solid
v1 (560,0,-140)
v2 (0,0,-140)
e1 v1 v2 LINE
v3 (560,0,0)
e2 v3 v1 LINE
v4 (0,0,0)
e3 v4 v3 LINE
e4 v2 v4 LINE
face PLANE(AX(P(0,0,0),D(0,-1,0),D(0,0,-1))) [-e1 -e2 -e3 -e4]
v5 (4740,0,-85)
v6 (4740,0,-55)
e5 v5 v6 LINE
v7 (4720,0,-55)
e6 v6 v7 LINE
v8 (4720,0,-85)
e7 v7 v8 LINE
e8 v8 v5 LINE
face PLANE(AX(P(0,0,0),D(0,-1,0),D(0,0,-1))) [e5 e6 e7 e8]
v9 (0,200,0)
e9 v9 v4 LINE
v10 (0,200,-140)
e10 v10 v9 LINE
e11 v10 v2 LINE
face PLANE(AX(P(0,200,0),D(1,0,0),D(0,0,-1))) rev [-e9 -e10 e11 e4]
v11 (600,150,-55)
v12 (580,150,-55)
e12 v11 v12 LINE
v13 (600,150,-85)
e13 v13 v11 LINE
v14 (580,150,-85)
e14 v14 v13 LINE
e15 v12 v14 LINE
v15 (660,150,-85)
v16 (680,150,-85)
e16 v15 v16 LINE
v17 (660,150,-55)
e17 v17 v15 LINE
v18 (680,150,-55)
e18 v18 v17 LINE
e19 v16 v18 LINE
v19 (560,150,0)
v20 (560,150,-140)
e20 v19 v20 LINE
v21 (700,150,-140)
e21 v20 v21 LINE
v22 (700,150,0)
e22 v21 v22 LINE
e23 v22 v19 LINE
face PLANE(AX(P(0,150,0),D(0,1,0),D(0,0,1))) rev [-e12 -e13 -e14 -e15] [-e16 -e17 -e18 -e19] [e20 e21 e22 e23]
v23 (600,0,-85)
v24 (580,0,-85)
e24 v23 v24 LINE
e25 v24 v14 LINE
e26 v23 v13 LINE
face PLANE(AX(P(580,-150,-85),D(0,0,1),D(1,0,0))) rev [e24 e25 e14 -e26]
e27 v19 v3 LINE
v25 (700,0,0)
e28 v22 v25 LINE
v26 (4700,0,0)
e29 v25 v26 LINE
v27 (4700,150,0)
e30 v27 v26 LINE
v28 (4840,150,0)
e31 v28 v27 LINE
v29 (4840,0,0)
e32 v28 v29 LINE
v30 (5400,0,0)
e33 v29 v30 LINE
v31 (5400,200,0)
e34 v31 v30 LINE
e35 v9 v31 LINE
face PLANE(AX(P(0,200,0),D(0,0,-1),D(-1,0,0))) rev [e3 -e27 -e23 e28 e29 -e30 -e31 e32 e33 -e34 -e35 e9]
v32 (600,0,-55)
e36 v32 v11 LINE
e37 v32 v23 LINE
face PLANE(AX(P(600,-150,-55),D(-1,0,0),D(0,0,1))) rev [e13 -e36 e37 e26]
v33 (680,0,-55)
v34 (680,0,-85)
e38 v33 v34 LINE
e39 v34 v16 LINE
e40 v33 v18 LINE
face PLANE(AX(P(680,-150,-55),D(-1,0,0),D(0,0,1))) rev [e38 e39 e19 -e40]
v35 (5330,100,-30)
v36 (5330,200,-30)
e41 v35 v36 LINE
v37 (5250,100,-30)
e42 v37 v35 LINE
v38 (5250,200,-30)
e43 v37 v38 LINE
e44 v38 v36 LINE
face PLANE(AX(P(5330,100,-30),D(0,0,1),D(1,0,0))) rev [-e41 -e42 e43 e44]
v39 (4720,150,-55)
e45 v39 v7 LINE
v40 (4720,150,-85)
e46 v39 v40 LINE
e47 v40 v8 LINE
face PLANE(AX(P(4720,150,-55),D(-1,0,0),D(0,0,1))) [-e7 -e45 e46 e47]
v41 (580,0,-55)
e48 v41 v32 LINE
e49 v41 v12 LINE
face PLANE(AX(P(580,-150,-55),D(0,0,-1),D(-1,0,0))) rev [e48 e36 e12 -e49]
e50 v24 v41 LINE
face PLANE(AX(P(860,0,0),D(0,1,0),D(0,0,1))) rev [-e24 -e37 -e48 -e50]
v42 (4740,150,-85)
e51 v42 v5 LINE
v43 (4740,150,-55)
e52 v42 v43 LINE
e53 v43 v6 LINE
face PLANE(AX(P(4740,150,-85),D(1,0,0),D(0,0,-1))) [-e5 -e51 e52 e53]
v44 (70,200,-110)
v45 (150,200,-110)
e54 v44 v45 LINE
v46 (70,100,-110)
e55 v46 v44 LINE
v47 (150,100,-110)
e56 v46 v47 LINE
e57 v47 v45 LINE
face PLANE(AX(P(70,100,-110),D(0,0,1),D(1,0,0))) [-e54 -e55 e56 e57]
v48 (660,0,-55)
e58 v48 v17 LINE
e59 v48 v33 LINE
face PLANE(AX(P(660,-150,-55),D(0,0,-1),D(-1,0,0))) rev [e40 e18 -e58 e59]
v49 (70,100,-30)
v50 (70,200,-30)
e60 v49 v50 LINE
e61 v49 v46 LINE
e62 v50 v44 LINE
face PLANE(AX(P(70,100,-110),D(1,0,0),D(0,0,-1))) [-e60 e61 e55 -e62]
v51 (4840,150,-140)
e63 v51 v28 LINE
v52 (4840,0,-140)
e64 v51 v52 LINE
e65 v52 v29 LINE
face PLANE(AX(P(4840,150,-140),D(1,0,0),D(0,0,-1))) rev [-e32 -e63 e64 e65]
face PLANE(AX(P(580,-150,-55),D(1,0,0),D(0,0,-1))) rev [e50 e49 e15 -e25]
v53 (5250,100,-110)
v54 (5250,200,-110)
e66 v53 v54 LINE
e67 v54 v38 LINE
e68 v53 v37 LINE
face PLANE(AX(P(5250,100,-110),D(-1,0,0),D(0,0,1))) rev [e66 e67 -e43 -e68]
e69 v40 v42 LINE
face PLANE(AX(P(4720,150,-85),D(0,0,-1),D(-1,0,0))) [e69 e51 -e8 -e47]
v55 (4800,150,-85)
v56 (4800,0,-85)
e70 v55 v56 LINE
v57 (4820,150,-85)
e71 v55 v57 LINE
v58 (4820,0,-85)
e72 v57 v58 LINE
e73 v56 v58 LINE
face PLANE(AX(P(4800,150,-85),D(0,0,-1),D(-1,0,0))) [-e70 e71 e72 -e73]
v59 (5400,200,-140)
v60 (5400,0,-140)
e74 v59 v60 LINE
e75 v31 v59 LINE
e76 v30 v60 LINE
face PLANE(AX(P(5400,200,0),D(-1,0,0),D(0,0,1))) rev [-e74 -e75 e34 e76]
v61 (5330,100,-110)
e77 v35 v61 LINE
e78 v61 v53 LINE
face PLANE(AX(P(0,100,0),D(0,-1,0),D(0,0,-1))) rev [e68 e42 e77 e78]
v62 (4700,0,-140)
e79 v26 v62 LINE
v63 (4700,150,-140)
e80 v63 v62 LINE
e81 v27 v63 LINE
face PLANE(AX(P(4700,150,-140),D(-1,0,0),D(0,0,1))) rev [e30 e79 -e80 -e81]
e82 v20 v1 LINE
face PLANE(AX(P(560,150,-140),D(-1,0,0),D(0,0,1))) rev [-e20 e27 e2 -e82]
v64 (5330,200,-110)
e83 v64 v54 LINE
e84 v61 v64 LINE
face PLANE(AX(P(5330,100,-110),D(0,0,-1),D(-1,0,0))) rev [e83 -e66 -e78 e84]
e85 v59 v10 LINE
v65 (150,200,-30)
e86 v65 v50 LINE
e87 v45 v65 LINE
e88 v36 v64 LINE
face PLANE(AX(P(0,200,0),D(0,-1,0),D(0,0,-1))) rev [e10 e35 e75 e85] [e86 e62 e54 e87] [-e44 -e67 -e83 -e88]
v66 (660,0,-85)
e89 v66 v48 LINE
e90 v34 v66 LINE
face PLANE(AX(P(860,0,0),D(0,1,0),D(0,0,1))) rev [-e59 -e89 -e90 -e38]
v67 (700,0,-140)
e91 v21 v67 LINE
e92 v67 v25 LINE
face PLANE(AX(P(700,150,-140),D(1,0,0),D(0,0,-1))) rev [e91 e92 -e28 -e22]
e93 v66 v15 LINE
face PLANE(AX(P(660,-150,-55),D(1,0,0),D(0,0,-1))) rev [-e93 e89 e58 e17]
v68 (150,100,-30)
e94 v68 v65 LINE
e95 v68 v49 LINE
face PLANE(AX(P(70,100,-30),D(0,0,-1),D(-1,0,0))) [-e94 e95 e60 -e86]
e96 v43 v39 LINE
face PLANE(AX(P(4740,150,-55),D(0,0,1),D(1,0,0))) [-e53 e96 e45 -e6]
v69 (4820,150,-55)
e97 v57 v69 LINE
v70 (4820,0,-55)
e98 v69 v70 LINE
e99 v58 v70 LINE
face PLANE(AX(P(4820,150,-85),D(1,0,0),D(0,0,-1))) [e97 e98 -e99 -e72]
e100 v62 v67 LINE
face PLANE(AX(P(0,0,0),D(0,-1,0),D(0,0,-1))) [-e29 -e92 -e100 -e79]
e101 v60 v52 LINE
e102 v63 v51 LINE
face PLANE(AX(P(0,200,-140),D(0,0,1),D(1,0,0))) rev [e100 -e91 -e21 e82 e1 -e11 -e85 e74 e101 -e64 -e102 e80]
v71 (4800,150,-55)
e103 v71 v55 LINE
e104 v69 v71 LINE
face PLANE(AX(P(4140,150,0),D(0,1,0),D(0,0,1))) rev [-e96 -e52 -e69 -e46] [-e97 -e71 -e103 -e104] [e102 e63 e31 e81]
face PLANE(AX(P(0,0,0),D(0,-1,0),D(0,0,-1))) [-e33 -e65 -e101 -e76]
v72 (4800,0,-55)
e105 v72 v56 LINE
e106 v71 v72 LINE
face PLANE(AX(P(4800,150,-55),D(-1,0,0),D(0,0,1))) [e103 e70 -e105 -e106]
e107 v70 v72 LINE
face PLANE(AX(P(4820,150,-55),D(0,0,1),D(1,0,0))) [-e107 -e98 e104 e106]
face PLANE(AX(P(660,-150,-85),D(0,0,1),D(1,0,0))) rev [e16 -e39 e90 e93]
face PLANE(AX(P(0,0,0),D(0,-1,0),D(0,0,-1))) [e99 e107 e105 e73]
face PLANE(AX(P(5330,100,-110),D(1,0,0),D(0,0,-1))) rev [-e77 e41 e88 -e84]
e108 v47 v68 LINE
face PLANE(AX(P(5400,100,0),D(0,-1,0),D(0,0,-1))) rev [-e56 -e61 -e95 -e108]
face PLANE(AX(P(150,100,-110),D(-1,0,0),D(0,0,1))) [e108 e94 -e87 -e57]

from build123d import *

# Parameters (mm, degrees)
SKETCH_1_W             = 5400
SKETCH_1_H             = 140
EXTRUDE_1_DEPTH        = 200
SKETCH_2_W             = 20
SKETCH_2_H             = 30
EXTRUDE_2_DEPTH        = 150
SKETCH_3_W             = 140
SKETCH_3_H             = 140
SKETCH_3_W_2           = 20
SKETCH_3_H_2           = 30
CUT_EXTRUDE_1_DEPTH    = 150
SKETCH_4_W             = 300
SKETCH_4_H             = 300
CUT_EXTRUDE_4_DEPTH    = 141
PATTERN_LINEAR_3_COUNT = 2
PATTERN_LINEAR_3_PITCH = 4140
SKETCH_5_W             = 80
SKETCH_5_H             = 80
CUT_EXTRUDE_3_DEPTH    = 100


with BuildPart() as part:
    # 草图1 → 凸台-拉伸1 (new body)
    with BuildSketch(Plane(origin=(0, 0, 0), x_dir=(1, 0, 0), z_dir=(0, 1, 0))):
        with Locations((2700, 70)):
            Rectangle(SKETCH_1_W, SKETCH_1_H)
    extrude(amount=EXTRUDE_1_DEPTH)

    # 草图2 → 凸台-拉伸2 (add)
    with BuildSketch(Plane.XZ):
        with Locations((590, -70)):
            Rectangle(SKETCH_2_W, SKETCH_2_H)
        with Locations((670, -70)):
            Rectangle(SKETCH_2_W, SKETCH_2_H)
    extrude(amount=EXTRUDE_2_DEPTH)

    # 草图3 → 切除-拉伸1 (cut)
    with BuildSketch(Plane.XZ):
        with Locations((630, -70)):
            Rectangle(SKETCH_3_W, SKETCH_3_H)
        with Locations((590, -70)):
            Rectangle(SKETCH_3_W_2, SKETCH_3_H_2, mode=Mode.SUBTRACT)
        with Locations((670, -70)):
            Rectangle(SKETCH_3_W_2, SKETCH_3_H_2, mode=Mode.SUBTRACT)
    cut_extrude_1 = extrude(amount=-CUT_EXTRUDE_1_DEPTH, mode=Mode.SUBTRACT)

    # 草图4 → 切除-拉伸4 (cut, through all)
    with BuildSketch(Plane(origin=(0, 0, -140), x_dir=(-1, 0, 0), z_dir=(0, 0, -1))):
        with Locations((-710, -150)):
            Rectangle(SKETCH_4_W, SKETCH_4_H)
    extrude(amount=-CUT_EXTRUDE_4_DEPTH, mode=Mode.SUBTRACT)

    # 阵列(线性)3: 切除-拉伸1 ×2
    with Locations(*[(i * PATTERN_LINEAR_3_PITCH, 0, 0) for i in range(1, PATTERN_LINEAR_3_COUNT)]):
        add(cut_extrude_1, mode=Mode.SUBTRACT)

    # 草图5 → 切除-拉伸3 (cut)
    with BuildSketch(Plane(origin=(0, 200, 0), x_dir=(1, 0, 0), z_dir=(0, 1, 0))):
        with Locations((5290, 70)):
            Rectangle(SKETCH_5_W, SKETCH_5_H)
    cut_extrude_3 = extrude(amount=-CUT_EXTRUDE_3_DEPTH, mode=Mode.SUBTRACT)

    # 镜向1: 切除-拉伸3 across plane
    add(cut_extrude_3.mirror(Plane(origin=(2700, 0, 0), x_dir=(0, 0, 1), z_dir=(1, 0, 0))), mode=Mode.SUBTRACT)


solid = part.part
